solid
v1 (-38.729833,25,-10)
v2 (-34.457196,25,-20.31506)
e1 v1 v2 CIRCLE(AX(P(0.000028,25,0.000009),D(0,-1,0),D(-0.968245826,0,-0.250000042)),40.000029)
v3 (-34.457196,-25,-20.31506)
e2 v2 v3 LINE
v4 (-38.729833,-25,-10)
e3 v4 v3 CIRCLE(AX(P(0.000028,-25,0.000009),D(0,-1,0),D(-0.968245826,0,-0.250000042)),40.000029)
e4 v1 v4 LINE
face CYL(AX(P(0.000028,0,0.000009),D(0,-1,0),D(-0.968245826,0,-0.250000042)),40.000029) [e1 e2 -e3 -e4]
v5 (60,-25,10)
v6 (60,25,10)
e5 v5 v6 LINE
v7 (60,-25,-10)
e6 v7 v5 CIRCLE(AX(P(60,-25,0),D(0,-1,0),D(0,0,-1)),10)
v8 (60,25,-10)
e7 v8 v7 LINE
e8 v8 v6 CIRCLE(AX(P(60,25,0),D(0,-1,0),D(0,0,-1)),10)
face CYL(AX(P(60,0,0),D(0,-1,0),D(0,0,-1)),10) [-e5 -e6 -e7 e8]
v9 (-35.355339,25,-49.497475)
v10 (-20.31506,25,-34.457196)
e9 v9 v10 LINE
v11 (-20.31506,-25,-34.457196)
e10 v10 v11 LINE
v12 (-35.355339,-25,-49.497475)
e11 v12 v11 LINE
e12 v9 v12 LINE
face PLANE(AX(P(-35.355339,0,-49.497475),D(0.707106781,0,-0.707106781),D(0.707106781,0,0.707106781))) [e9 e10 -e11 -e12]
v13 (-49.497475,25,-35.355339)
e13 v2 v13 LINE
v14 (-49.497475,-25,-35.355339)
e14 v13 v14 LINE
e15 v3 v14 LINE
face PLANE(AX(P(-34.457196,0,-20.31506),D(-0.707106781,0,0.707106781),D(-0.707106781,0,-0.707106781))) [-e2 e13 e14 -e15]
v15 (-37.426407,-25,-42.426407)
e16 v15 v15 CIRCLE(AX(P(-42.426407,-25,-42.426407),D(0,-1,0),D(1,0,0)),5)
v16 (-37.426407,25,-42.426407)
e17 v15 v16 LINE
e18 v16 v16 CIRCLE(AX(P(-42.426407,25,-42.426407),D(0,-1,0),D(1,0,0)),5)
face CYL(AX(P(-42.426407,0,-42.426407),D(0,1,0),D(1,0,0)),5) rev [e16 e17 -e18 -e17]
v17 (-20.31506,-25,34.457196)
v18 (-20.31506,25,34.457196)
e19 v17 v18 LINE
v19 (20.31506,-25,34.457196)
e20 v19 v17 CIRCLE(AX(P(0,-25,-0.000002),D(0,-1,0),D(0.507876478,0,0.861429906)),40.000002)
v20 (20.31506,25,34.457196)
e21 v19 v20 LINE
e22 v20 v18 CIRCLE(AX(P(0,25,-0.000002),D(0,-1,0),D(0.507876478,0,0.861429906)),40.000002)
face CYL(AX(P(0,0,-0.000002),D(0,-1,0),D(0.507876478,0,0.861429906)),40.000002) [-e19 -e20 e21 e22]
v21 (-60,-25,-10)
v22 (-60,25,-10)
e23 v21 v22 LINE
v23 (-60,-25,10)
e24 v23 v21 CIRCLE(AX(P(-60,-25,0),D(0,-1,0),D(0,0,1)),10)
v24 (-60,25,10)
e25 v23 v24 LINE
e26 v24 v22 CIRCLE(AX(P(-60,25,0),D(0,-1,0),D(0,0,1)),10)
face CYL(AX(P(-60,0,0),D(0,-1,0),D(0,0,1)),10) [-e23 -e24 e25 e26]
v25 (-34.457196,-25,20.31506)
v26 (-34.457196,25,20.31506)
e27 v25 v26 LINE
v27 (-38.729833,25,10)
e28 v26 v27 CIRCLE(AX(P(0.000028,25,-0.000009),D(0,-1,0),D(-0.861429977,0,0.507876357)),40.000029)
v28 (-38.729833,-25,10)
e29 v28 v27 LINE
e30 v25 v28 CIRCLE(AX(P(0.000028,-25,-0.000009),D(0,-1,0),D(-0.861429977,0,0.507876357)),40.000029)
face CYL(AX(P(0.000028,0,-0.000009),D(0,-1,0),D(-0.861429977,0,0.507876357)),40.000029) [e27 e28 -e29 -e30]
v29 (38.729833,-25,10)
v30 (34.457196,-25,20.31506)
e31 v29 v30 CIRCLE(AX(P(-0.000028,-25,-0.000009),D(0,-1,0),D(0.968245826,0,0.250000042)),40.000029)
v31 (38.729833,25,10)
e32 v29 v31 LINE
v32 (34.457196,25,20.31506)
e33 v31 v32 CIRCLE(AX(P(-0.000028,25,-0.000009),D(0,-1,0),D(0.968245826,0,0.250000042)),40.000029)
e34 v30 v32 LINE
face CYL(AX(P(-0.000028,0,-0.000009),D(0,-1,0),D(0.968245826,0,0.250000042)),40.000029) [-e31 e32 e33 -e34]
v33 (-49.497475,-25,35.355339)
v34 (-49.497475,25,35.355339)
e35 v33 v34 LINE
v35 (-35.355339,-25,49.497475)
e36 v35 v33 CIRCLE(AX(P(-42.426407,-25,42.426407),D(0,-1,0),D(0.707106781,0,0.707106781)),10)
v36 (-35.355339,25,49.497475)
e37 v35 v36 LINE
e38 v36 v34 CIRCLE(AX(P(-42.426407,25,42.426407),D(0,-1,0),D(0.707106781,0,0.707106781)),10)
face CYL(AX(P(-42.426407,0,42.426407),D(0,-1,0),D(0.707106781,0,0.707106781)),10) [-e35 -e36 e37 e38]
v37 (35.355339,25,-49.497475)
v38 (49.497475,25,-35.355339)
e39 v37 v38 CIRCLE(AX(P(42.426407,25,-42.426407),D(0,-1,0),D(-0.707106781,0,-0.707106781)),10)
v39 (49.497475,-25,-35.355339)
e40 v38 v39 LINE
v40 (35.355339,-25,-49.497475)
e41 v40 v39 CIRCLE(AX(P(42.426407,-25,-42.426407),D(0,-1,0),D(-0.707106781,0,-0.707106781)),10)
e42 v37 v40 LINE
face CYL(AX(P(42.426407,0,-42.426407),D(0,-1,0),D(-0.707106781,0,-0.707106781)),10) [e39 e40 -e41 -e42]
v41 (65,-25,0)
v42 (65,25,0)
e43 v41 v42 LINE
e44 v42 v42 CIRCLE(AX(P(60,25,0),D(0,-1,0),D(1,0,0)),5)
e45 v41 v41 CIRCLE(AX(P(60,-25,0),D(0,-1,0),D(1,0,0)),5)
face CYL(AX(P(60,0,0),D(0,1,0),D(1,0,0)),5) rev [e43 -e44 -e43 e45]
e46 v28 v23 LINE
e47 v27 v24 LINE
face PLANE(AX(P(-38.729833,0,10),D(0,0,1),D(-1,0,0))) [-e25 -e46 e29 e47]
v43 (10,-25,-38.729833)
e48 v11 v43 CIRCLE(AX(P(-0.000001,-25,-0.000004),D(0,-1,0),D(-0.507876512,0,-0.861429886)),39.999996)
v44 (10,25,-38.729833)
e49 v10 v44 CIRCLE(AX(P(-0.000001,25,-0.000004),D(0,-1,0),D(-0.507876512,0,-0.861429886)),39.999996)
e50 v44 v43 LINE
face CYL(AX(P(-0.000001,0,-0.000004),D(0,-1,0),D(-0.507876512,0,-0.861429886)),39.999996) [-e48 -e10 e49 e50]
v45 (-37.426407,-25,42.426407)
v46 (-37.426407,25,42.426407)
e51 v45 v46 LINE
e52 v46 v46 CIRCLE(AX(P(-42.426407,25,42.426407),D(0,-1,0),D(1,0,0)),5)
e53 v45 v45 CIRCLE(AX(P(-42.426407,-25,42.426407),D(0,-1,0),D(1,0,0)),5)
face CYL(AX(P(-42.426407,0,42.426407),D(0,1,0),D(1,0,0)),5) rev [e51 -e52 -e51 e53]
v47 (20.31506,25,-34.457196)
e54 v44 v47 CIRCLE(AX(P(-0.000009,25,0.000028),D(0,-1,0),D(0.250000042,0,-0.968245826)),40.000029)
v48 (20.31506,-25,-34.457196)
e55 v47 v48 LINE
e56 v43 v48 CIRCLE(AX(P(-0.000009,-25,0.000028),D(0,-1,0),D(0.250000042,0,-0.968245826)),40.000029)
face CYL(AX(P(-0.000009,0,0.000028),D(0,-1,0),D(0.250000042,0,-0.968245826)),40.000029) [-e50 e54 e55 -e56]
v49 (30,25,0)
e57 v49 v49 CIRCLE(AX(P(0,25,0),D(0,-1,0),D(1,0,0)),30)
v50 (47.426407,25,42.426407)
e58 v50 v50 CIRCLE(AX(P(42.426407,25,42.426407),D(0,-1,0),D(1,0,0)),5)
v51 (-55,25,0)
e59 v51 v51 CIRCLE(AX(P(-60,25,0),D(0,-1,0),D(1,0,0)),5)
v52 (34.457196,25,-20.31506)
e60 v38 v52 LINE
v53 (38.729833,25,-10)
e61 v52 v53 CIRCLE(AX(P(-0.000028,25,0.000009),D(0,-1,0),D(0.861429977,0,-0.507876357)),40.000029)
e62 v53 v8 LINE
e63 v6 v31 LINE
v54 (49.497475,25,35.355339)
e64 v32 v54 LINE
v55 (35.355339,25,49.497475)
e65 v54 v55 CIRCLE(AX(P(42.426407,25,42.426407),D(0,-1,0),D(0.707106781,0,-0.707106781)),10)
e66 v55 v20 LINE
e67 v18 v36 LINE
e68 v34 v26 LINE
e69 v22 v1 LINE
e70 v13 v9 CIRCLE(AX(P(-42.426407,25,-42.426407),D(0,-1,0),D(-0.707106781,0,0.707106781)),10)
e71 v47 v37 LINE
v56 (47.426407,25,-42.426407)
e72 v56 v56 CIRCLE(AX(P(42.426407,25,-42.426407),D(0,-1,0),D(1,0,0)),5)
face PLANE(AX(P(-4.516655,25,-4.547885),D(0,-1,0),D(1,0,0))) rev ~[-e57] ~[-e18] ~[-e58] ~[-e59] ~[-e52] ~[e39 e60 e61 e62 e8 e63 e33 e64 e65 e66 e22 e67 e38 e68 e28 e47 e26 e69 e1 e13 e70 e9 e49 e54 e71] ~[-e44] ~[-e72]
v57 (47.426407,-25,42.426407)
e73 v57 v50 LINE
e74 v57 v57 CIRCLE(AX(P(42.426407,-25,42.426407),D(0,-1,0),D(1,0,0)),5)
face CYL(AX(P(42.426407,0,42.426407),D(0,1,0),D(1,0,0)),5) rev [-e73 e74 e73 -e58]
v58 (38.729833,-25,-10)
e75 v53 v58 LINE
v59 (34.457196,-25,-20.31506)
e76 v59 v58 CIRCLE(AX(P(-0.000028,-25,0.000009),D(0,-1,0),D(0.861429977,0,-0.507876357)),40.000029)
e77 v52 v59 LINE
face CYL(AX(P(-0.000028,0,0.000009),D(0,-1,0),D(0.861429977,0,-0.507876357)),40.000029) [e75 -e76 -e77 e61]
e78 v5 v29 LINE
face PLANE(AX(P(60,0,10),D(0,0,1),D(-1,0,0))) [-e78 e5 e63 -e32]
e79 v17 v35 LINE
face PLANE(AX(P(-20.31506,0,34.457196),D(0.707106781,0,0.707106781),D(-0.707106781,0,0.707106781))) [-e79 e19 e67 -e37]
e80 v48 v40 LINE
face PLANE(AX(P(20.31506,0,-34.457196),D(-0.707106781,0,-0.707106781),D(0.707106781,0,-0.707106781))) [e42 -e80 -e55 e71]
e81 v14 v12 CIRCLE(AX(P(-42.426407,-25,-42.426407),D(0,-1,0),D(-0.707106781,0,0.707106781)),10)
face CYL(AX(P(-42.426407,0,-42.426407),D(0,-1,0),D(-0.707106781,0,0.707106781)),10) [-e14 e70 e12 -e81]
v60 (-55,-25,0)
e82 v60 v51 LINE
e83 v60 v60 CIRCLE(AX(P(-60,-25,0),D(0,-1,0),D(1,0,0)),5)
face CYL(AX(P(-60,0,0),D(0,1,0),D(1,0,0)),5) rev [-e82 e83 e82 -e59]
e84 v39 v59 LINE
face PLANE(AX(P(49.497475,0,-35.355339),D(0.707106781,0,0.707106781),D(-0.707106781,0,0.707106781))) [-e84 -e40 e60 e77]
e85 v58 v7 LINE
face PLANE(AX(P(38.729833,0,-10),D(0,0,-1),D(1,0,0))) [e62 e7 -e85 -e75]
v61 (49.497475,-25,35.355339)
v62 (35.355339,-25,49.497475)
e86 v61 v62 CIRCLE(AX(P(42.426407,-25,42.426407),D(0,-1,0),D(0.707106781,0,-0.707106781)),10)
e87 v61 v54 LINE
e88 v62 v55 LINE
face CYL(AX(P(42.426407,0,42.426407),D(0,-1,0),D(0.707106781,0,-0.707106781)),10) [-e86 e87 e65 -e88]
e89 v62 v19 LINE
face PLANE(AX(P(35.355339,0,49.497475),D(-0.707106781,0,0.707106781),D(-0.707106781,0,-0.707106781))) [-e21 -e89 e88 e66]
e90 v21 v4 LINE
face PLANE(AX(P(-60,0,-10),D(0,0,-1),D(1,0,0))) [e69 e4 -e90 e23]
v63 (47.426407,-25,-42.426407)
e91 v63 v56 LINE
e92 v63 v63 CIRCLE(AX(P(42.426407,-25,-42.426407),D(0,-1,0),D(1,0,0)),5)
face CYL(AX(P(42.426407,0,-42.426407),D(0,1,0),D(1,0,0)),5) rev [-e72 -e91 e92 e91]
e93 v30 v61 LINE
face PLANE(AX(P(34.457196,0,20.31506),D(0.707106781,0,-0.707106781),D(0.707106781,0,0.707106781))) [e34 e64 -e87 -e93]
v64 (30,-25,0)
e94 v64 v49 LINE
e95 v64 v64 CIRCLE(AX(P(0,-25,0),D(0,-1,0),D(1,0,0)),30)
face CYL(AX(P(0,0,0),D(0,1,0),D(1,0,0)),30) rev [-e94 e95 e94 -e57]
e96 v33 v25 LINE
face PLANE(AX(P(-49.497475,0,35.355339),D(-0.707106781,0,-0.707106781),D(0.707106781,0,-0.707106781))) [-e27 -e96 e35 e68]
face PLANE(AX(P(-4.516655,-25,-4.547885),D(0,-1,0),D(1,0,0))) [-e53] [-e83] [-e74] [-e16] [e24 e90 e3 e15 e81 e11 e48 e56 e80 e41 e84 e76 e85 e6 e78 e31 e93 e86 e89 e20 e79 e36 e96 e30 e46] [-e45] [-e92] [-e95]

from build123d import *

# Parameters (mm, degrees)
F0_R     = 5
F0_R_2   = 30
F1_DEPTH = 25


with BuildPart() as f1:
    # F0 (on Front) → F1 (new body, symmetric)
    with BuildSketch(Plane.XZ):
        with BuildLine():
            Line((-60, -10), (-38.729833, -10))
            ThreePointArc((-38.729833, -10), (-36.955181, -15.307337), (-34.457196, -20.31506))
            Line((-34.457196, -20.31506), (-49.497475, -35.355339))
            ThreePointArc((-49.497475, -35.355339), (-49.497475, -49.497475), (-35.355339, -49.497475))
            Line((-35.355339, -49.497475), (-20.31506, -34.457196))
            ThreePointArc((-20.31506, -34.457196), (-5.58247, -39.608535), (10, -38.729833))
            ThreePointArc((10, -38.729833), (15.307337, -36.955181), (20.31506, -34.457196))
            Line((20.31506, -34.457196), (35.355339, -49.497475))
            ThreePointArc((35.355339, -49.497475), (49.497475, -49.497475), (49.497475, -35.355339))
            Line((49.497475, -35.355339), (34.457196, -20.31506))
            ThreePointArc((34.457196, -20.31506), (36.955181, -15.307337), (38.729833, -10))
            Line((38.729833, -10), (60, -10))
            ThreePointArc((60, -10), (70, 0), (60, 10))
            Line((60, 10), (38.729833, 10))
            ThreePointArc((38.729833, 10), (36.955181, 15.307337), (34.457196, 20.31506))
            ThreePointArc((34.457196, 20.31506), (28.284271, 28.284271), (20.31506, 34.457196))
            ThreePointArc((20.31506, 34.457196), (0, 40), (-20.31506, 34.457196))
            Line((-20.31506, 34.457196), (-35.355339, 49.497475))
            ThreePointArc((-35.355339, 49.497475), (-49.497475, 49.497475), (-49.497475, 35.355339))
            Line((-49.497475, 35.355339), (-34.457196, 20.31506))
            ThreePointArc((-34.457196, 20.31506), (-36.955181, 15.307337), (-38.729833, 10))
            Line((-38.729833, 10), (-60, 10))
            ThreePointArc((-60, 10), (-70, 0), (-60, -10))
        make_face()
        with Locations((-42.426407, -42.426407)):
            Circle(F0_R, mode=Mode.SUBTRACT)
        with Locations((-60, 0)):
            Circle(F0_R, mode=Mode.SUBTRACT)
        with Locations((42.426407, -42.426407)):
            Circle(F0_R, mode=Mode.SUBTRACT)
        Circle(F0_R_2, mode=Mode.SUBTRACT)
        with Locations((60, 0)):
            Circle(F0_R, mode=Mode.SUBTRACT)
        with Locations((-42.426407, 42.426407)):
            Circle(F0_R, mode=Mode.SUBTRACT)
        with BuildLine():
            Line((35.355339, 49.497475), (20.31506, 34.457196))
            ThreePointArc((20.31506, 34.457196), (28.284271, 28.284271), (34.457196, 20.31506))
            Line((34.457196, 20.31506), (49.497475, 35.355339))
            ThreePointArc((49.497475, 35.355339), (49.497475, 49.497475), (35.355339, 49.497475))
        make_face()
        with Locations((42.426407, 42.426407)):
            Circle(F0_R, mode=Mode.SUBTRACT)
    extrude(amount=F1_DEPTH, both=True)


solid = f1.part
